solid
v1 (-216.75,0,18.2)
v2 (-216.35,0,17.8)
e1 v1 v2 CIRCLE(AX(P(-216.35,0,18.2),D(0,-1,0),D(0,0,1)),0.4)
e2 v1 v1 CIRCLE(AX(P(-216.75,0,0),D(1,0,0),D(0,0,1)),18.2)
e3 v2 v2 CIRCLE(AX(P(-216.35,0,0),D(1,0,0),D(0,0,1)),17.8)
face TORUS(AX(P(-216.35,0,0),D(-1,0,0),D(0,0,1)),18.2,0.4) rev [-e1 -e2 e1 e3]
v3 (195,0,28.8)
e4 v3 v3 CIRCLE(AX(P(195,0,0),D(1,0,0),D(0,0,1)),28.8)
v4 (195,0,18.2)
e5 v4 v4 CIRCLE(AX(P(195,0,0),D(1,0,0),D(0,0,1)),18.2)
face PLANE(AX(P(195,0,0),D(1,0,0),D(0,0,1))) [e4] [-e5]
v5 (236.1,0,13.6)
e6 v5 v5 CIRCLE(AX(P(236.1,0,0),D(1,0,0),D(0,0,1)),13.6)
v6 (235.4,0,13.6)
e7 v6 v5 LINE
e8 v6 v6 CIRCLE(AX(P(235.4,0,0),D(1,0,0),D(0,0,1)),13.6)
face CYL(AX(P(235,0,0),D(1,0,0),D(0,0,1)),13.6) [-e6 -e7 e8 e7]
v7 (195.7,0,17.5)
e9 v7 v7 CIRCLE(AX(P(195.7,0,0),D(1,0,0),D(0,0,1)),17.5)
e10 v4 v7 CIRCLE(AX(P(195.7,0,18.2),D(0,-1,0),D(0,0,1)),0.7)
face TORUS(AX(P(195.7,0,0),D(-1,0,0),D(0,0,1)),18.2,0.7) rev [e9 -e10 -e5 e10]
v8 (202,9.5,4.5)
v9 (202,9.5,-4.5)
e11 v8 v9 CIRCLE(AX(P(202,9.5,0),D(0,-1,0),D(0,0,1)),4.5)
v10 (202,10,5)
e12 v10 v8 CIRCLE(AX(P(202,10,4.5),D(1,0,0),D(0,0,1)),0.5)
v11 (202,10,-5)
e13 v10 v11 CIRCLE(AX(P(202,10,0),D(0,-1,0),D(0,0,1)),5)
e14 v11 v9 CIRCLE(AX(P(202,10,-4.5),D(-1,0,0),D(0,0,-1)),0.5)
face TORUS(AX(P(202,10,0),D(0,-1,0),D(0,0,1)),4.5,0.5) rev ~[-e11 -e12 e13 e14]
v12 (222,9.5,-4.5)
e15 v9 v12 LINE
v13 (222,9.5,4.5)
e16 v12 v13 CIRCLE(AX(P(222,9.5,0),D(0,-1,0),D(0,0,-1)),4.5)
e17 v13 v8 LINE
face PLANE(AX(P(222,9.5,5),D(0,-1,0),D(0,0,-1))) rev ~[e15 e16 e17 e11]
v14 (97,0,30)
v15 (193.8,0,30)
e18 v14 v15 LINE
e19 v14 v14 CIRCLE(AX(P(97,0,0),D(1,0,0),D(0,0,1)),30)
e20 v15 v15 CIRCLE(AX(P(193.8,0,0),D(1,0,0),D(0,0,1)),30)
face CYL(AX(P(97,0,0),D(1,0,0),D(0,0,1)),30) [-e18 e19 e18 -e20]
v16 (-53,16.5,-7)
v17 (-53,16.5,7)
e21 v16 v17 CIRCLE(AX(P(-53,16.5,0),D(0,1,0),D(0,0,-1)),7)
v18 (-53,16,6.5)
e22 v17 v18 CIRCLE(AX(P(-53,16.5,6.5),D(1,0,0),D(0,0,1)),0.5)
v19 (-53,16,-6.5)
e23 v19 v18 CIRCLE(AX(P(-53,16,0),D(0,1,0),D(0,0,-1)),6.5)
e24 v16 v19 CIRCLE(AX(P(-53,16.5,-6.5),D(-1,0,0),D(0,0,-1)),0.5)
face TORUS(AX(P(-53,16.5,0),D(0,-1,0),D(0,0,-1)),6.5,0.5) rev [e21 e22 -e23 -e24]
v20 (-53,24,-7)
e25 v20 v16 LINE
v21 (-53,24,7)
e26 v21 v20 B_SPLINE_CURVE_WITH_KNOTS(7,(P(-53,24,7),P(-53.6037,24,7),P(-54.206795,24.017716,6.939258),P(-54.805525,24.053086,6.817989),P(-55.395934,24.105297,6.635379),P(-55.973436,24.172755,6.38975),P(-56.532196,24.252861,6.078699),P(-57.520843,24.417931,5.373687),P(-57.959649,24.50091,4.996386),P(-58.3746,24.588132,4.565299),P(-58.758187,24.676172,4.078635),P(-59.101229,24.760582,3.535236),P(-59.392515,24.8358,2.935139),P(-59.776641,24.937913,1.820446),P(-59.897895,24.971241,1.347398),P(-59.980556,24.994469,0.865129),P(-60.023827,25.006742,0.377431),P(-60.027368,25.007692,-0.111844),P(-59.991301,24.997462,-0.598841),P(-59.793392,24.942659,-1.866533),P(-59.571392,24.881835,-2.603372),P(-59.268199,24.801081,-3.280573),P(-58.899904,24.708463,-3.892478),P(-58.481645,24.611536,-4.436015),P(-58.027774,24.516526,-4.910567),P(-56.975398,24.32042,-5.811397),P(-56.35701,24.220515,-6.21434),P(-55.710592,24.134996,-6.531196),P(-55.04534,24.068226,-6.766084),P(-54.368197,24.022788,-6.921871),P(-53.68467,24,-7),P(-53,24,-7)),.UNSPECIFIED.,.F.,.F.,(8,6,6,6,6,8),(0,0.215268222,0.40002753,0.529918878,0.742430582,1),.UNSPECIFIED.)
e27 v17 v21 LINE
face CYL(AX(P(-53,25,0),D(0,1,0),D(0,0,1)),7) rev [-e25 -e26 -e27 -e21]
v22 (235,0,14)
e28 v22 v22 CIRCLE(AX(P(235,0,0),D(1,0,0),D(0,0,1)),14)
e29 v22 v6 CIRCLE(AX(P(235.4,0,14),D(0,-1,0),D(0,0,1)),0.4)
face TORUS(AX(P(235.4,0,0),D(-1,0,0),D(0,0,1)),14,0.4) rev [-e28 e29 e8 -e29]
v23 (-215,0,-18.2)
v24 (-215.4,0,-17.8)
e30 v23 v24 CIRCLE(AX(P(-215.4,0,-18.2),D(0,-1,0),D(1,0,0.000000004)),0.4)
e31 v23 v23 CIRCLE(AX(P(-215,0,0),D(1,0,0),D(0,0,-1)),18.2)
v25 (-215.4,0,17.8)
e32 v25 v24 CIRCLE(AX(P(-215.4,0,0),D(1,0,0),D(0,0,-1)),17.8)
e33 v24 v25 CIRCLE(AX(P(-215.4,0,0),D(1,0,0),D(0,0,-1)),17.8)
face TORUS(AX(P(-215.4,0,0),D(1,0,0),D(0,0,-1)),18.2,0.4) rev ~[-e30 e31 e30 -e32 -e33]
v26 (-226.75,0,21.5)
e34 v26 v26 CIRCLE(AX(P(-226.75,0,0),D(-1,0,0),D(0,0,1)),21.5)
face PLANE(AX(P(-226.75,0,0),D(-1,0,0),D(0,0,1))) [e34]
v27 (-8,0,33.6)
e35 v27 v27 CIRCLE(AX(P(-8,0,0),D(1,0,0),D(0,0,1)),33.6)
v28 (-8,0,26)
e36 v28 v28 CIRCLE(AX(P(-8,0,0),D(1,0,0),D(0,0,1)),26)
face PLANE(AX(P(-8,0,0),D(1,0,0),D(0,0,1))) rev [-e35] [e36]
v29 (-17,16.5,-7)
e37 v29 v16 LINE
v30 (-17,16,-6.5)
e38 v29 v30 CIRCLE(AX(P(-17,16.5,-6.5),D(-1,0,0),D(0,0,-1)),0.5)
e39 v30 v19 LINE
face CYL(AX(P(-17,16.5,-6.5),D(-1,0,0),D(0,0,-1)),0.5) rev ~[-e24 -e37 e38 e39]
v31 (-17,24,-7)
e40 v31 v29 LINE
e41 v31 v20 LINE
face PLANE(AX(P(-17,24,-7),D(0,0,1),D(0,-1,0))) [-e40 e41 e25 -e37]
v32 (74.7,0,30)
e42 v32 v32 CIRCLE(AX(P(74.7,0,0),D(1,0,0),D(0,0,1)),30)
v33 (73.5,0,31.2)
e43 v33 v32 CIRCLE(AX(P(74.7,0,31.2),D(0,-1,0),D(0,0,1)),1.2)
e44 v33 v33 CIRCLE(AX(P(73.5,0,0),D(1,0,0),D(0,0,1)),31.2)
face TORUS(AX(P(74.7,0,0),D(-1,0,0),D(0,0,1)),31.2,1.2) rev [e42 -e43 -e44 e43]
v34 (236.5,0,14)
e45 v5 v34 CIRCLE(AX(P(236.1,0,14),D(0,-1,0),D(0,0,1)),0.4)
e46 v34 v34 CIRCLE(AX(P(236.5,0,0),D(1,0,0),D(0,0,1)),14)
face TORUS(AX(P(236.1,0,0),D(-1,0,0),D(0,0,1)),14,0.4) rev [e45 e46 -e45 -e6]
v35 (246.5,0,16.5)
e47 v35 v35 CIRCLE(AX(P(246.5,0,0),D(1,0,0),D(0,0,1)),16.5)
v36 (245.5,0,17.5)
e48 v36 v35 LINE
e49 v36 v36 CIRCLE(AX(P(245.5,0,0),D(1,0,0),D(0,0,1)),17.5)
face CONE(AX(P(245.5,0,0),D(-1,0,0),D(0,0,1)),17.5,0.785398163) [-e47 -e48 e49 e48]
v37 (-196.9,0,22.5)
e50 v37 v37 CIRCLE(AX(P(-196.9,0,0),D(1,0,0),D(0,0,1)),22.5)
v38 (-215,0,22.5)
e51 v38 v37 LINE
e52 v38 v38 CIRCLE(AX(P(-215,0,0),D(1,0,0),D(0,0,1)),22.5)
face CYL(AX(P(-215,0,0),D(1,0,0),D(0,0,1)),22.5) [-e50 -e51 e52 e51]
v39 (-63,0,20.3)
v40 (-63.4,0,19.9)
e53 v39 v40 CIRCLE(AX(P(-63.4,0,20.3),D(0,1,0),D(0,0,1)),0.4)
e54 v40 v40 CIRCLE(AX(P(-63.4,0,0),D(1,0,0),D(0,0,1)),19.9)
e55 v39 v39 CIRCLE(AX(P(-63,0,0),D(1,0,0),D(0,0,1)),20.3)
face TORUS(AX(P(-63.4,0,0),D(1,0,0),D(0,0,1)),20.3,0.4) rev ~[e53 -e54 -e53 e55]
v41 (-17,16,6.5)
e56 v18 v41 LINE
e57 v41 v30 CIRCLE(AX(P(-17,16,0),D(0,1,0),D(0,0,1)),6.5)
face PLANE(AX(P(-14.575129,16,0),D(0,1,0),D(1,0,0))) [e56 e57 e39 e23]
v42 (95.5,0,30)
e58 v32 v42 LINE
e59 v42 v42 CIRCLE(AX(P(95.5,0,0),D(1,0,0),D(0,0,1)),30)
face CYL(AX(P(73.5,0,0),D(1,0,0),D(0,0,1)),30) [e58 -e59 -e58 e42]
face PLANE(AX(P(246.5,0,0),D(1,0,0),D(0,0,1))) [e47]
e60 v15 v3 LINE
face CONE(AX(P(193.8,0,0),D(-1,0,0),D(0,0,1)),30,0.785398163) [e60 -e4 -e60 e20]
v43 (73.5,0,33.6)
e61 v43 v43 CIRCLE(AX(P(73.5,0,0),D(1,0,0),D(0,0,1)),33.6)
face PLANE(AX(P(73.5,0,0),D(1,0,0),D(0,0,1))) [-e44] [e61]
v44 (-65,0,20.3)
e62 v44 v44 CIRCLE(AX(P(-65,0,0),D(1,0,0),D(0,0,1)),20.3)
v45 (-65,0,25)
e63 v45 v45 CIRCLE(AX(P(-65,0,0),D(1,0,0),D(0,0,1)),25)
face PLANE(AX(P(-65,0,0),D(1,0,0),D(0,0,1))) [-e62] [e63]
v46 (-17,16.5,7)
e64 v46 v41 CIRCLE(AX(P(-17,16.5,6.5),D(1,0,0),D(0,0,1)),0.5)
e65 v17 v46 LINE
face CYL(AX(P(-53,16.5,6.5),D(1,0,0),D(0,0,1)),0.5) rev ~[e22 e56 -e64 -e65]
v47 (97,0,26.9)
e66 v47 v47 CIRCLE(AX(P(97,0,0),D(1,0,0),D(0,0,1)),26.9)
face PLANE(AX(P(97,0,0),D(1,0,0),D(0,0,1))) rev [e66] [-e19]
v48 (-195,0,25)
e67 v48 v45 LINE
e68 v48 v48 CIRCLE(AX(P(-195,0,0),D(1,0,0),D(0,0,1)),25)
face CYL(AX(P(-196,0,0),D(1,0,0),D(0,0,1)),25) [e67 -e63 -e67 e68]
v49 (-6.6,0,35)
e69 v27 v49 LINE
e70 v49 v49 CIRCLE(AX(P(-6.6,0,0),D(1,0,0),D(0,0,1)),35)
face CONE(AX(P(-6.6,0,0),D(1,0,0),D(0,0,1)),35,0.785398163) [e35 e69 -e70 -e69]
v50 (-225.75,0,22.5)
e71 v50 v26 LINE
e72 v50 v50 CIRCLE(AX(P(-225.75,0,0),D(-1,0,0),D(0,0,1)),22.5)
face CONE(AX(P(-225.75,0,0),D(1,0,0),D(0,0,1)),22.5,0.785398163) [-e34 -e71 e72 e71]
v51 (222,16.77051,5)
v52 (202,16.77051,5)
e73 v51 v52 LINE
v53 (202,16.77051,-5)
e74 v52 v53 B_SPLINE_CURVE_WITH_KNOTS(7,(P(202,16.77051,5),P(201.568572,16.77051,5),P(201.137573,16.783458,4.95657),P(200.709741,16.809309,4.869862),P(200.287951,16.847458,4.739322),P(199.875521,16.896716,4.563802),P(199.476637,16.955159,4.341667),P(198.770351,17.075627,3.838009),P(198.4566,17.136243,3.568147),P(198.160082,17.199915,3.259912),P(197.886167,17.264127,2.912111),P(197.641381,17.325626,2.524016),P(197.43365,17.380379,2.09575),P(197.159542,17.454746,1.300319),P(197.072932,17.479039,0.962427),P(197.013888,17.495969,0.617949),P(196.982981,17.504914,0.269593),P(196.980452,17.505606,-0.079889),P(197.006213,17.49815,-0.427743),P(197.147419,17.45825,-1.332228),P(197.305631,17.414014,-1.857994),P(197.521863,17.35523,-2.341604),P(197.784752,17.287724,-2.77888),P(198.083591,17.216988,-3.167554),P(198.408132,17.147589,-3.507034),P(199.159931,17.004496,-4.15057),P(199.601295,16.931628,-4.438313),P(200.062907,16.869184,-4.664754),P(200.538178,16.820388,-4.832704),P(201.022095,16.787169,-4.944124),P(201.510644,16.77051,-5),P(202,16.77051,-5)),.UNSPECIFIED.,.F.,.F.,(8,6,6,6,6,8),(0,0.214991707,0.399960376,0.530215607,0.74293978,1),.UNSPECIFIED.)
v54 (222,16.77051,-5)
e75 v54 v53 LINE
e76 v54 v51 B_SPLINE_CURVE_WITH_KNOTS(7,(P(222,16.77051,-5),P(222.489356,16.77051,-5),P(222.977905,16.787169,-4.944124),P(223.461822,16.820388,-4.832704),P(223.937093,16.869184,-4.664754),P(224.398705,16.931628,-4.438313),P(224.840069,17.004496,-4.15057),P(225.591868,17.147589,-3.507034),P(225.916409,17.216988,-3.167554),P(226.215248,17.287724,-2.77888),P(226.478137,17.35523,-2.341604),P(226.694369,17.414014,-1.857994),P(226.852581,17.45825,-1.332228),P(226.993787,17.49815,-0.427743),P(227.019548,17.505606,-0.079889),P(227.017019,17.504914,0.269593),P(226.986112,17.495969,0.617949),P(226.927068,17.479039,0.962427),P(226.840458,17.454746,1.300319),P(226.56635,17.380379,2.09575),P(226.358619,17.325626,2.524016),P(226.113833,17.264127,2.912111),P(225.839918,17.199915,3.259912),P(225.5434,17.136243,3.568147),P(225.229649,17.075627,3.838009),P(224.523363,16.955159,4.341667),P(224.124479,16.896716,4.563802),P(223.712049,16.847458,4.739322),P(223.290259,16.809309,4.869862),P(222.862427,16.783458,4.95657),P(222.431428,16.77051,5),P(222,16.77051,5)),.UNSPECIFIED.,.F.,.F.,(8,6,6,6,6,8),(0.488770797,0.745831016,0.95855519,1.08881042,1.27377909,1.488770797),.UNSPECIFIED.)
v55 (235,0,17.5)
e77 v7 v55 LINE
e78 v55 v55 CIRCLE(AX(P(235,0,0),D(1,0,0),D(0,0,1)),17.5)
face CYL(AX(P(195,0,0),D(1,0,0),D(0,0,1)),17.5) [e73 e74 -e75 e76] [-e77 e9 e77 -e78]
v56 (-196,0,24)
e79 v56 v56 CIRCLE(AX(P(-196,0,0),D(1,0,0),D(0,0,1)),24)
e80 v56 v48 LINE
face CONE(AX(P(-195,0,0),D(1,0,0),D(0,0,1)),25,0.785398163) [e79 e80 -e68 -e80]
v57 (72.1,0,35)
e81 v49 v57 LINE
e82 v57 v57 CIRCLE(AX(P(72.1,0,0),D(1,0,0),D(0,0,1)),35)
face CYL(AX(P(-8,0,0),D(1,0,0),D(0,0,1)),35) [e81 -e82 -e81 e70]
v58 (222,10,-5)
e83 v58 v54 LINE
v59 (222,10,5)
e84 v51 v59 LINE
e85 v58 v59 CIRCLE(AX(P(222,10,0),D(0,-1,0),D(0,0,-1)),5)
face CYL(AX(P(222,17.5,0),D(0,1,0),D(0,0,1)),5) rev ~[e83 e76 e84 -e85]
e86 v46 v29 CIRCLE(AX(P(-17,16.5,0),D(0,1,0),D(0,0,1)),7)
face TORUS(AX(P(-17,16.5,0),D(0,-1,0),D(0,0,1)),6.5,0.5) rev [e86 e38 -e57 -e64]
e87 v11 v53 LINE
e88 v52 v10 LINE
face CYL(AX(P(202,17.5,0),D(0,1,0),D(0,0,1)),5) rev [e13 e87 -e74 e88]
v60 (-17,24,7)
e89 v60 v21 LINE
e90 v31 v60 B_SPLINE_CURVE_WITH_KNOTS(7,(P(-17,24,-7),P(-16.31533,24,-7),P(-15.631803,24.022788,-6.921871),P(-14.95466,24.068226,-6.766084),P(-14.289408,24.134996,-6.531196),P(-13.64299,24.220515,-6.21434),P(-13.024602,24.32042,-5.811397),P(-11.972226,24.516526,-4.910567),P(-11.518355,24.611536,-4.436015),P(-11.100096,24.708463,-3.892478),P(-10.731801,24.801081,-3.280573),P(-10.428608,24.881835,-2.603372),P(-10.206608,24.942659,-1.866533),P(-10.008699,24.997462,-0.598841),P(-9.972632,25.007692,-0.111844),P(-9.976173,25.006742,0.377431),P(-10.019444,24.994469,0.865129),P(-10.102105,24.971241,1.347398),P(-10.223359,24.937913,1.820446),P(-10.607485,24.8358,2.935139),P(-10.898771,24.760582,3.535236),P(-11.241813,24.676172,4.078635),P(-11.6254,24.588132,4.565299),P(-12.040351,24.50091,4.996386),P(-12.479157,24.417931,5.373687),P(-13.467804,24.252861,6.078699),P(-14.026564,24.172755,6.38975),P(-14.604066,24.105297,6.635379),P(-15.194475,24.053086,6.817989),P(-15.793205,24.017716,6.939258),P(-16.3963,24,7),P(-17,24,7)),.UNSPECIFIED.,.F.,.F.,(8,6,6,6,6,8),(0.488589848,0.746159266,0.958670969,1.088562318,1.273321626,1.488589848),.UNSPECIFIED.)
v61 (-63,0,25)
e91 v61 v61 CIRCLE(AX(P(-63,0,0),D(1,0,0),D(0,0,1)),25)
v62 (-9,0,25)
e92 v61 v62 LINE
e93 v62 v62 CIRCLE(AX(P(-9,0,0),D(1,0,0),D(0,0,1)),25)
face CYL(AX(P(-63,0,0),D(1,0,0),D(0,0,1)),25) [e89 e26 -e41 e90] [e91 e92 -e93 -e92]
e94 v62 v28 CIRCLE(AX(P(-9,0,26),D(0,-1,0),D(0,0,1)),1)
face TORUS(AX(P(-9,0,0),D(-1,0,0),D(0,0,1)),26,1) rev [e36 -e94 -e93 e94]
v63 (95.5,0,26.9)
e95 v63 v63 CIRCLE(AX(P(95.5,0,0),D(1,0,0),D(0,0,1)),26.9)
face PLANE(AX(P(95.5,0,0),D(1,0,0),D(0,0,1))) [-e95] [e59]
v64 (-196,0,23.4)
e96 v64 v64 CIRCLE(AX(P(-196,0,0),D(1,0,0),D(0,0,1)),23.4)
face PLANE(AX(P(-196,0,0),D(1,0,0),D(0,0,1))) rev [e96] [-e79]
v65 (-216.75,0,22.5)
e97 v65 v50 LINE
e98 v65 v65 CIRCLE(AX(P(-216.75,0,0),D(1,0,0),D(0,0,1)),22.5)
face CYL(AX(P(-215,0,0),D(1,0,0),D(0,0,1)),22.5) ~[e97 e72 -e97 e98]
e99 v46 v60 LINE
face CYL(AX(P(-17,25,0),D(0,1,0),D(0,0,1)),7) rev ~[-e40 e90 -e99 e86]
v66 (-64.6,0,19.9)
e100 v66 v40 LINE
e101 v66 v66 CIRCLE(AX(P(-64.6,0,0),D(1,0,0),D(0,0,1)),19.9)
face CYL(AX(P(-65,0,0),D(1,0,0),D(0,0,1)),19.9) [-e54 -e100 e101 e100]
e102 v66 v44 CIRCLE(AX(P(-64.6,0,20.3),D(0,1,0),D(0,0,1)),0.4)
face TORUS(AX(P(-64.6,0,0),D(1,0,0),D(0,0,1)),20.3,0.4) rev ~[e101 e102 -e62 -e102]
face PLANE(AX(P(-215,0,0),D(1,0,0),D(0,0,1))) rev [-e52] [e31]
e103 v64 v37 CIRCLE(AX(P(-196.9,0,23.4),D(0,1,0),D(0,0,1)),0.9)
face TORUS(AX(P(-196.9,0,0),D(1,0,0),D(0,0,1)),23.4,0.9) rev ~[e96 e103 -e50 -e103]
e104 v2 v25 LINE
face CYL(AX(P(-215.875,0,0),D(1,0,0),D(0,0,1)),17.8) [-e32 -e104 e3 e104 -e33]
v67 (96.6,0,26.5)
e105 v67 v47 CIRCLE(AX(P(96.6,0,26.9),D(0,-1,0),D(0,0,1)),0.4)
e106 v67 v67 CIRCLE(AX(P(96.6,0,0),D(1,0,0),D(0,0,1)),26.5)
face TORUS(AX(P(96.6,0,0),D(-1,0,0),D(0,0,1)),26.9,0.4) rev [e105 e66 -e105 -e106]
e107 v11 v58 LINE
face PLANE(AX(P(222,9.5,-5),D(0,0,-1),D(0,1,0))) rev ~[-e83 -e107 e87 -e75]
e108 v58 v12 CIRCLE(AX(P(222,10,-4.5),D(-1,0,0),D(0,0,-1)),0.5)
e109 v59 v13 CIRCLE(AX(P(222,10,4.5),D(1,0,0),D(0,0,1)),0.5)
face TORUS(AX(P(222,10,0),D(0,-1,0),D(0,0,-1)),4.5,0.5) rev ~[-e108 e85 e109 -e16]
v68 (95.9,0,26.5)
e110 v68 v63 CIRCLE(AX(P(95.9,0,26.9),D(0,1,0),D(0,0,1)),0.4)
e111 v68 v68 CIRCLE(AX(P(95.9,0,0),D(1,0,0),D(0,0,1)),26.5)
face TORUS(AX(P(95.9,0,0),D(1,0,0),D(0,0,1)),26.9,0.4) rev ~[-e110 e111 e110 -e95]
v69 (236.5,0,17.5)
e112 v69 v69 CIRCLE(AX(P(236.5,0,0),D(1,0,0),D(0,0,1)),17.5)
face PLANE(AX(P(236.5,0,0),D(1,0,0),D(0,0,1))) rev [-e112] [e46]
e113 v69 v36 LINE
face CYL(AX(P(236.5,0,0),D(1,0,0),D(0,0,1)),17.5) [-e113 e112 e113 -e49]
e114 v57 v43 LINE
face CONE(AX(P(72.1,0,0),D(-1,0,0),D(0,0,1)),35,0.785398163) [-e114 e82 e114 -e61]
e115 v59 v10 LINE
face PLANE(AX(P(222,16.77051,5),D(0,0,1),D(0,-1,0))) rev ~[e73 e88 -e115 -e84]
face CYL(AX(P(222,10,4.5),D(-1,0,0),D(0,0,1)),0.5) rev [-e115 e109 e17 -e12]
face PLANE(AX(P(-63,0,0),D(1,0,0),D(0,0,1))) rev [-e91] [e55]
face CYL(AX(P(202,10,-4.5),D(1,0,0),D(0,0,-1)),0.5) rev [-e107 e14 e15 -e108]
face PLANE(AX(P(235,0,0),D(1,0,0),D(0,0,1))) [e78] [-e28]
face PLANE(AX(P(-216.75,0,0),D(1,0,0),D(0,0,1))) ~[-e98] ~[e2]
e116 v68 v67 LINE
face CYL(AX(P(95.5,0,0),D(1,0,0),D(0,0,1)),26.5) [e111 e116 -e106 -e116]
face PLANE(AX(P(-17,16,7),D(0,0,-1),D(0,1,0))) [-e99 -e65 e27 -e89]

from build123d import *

# Parameters (mm, degrees)
SKETCH2_R           = 22.5
BOSS_EXTRUDE1_DEPTH = 11.75
SKETCH3_W           = 1.75
SKETCH3_H           = 4.7
CUT_EXTRUDE1_START  = 20
CUT_EXTRUDE1_DEPTH  = 20
CUT_EXTRUDE2_DEPTH  = 36
FILLET5_R           = 1
CHAMFER1_SIZE       = 1.4
CHAMFER2_SIZE       = 1.4
FILLET6_R           = 1.2
FILLET7_R           = 0.9
CHAMFER3_SIZE       = 1
CHAMFER4_SIZE       = 1.2
FILLET8_R           = 0.7
CUT_EXTRUDE3_DEPTH  = 9
CUT_EXTRUDE4_DEPTH  = 8
FILLET9_R           = 0.4
FILLET10_R          = 0.4
FILLET11_R          = 0.4
FILLET12_R          = 0.4
FILLET13_R          = 0.4
FILLET14_R          = 0.5
CHAMFER5_SIZE       = 1
CHAMFER6_SIZE       = 1


with BuildPart() as part:
    # Sketch1 → Revolve1 (revolve)
    with BuildSketch(Plane.XY, mode=Mode.PRIVATE) as revolve1_sk:
        Polygon((-215, 0), (-215, 22.5), (-196, 22.5), (-196, 25), (-65, 25), (-65, 19.9), (-63, 19.9), (-63, 25), (-8, 25), (-8, 35), (73.5, 35), (73.5, 30), (95.5, 30), (95.5, 26.5), (97, 26.5), (97, 30), (195, 30), (195, 17.5), (235, 17.5), (235, 13.6), (236.5, 13.6), (236.5, 17.5), (246.5, 17.5), (246.5, 0), (215, 0), align=None)
    revolve(revolve1_sk.sketch.rotate(Axis((-215, 0, 0), (1, 0, 0)), 90), axis=Axis((-215, 0, 0), (1, 0, 0)))

    # Sketch4 → Cut-Extrude1 (cut)
    with BuildSketch(Plane(origin=(202, 0, 0), x_dir=(0, 0, -1), z_dir=(1, 0, 0)).offset(CUT_EXTRUDE1_START)):
        with BuildLine():
            Line((-5, 9.5), (5, 9.5))
            Line((5, 9.5), (5, 16.770509831))
            ThreePointArc((5, 16.770509831), (0, 17.5), (-5, 16.770509831))
            Line((-5, 16.770509831), (-5, 9.5))
        make_face()
    extrude(amount=-CUT_EXTRUDE1_DEPTH, mode=Mode.SUBTRACT)

    # Sketch5 → Cut-Extrude2 (cut)
    with BuildSketch(Plane.ZY.offset(17)):
        with BuildLine():
            Line((-7, 16), (7, 16))
            Line((7, 16), (7, 24))
            ThreePointArc((7, 24), (0, 25), (-7, 24))
            Line((-7, 24), (-7, 16))
        make_face()
    extrude(amount=CUT_EXTRUDE2_DEPTH, mode=Mode.SUBTRACT)

    # Fillet5
    fillet5_edges = [part.edges().sort_by_distance(p)[0] for p in [
        (-8, 0, -25),
    ]]
    fillet(fillet5_edges, radius=FILLET5_R)

    # Chamfer1
    chamfer1_edges = [part.edges().sort_by_distance(p)[0] for p in [
        (-8, 0, -35),
    ]]
    chamfer(chamfer1_edges, length=CHAMFER1_SIZE)

    # Chamfer2
    chamfer2_edges = [part.edges().sort_by_distance(p)[0] for p in [
        (73.5, 0, -35),
    ]]
    chamfer(chamfer2_edges, length=CHAMFER2_SIZE)

    # Fillet6
    fillet6_edges = [part.edges().sort_by_distance(p)[0] for p in [
        (73.5, 0, -30),
    ]]
    fillet(fillet6_edges, radius=FILLET6_R)

    # Fillet7
    fillet7_edges = [part.edges().sort_by_distance(p)[0] for p in [
        (-196, 0, -22.5),
    ]]
    fillet(fillet7_edges, radius=FILLET7_R)

    # Chamfer3
    chamfer3_edges = [part.edges().sort_by_distance(p)[0] for p in [
        (-196, 0, -25),
    ]]
    chamfer(chamfer3_edges, length=CHAMFER3_SIZE)

    # Chamfer4
    chamfer4_edges = [part.edges().sort_by_distance(p)[0] for p in [
        (195, 0, -30),
    ]]
    chamfer(chamfer4_edges, length=CHAMFER4_SIZE)

    # Fillet8
    fillet8_edges = [part.edges().sort_by_distance(p)[0] for p in [
        (195, 0, -17.5),
    ]]
    fillet(fillet8_edges, radius=FILLET8_R)

    # Sketch6 → Cut-Extrude3 (cut)
    with BuildSketch(Plane(origin=(0, 25, 0), x_dir=(1, 0, 0), z_dir=(0, 1, 0))):
        with BuildLine():
            Line((-53, 7), (-53, -7))
            ThreePointArc((-53, -7), (-60, 0), (-53, 7))
        make_face()
        with BuildLine():
            Line((-17, 7), (-17, -7))
            ThreePointArc((-17, -7), (-10, 0), (-17, 7))
        make_face()
    extrude(amount=-CUT_EXTRUDE3_DEPTH, mode=Mode.SUBTRACT)

    # Sketch7 → Cut-Extrude4 (cut)
    with BuildSketch(Plane(origin=(0, 17.5, 0), x_dir=(1, 0, 0), z_dir=(0, 1, 0))):
        with BuildLine():
            Line((202, 5), (202, -5))
            ThreePointArc((202, -5), (197, 0), (202, 5))
        make_face()
        with BuildLine():
            Line((222, 5), (222, -5))
            ThreePointArc((222, -5), (227, 0), (222, 5))
        make_face()
    extrude(amount=-CUT_EXTRUDE4_DEPTH, mode=Mode.SUBTRACT)

    # Fillet9
    fillet9_edges = [part.edges().sort_by_distance(p)[0] for p in [
        (-63, 0, -19.9),
        (-65, 0, -19.9),
    ]]
    fillet(fillet9_edges, radius=FILLET9_R)

    # Fillet11
    fillet11_edges = [part.edges().sort_by_distance(p)[0] for p in [
        (97, 0, -26.5),
    ]]
    fillet(fillet11_edges, radius=FILLET11_R)

    # Fillet12
    fillet12_edges = [part.edges().sort_by_distance(p)[0] for p in [
        (95.5, 0, -26.5),
    ]]
    fillet(fillet12_edges, radius=FILLET12_R)

    # Fillet13
    fillet13_edges = [part.edges().sort_by_distance(p)[0] for p in [
        (236.5, 0, -13.6),
        (235, 0, -13.6),
    ]]
    fillet(fillet13_edges, radius=FILLET13_R)



with BuildPart() as body_2:
    # Sketch2 → Boss-Extrude1 (new body)
    with BuildSketch(Plane.ZY.offset(215)):
        Circle(SKETCH2_R)
    extrude(amount=BOSS_EXTRUDE1_DEPTH)

    # Sketch3 → Cut-Revolve1 (revolve, cut)
    with BuildSketch(Plane.XY, mode=Mode.PRIVATE) as cut_revolve1_sk:
        with Locations((-215.875, 20.15)):
            Rectangle(SKETCH3_W, SKETCH3_H)
    revolve(cut_revolve1_sk.sketch.rotate(Axis((-226.75, 0, 0), (1, 0, 0)), 90), axis=Axis((-226.75, 0, 0), (1, 0, 0)), mode=Mode.SUBTRACT)

    # Fillet10
    fillet10_edges = [body_2.edges().sort_by_distance(p)[0] for p in [
        (-216.75, 0, -17.8),
    ]]
    fillet(fillet10_edges, radius=FILLET10_R)


with BuildPart() as part_1:
    add(part.part)

    add(body_2.part)  # Revolve2 merges body 2
    # Sketch8 → Revolve2 (revolve)
    with BuildSketch(Plane.XY, mode=Mode.PRIVATE) as revolve2_sk:
        with BuildLine():
            Line((-215.4, 17.8), (-215, 17.8))
            Line((-215, 17.8), (-215, 18.2))
            ThreePointArc((-215, 18.2), (-215.117157288, 17.917157288), (-215.4, 17.8))
        make_face()
    revolve(revolve2_sk.sketch.rotate(Axis((-226.75, 0, 0), (1, 0, 0)), 270), axis=Axis((-226.75, 0, 0), (1, 0, 0)))

    # Fillet14
    fillet14_edges = [part_1.edges().sort_by_distance(p)[0] for p in [
        (212, 9.5, 5),
        (212, 9.5, -5),
        (-35, 16, -7),
        (-35, 16, 7),
        (-10, 16, 0),
        (-60, 16, 0),
        (197, 9.5, 0),
        (227, 9.5, 0),
    ]]
    fillet(fillet14_edges, radius=FILLET14_R)

    # Chamfer5
    chamfer5_edges = [part_1.edges().sort_by_distance(p)[0] for p in [
        (246.5, 0, -17.5),
    ]]
    chamfer(chamfer5_edges, length=CHAMFER5_SIZE)

    # Chamfer6
    chamfer6_edges = [part_1.edges().sort_by_distance(p)[0] for p in [
        (-226.75, 0, -22.5),
    ]]
    chamfer(chamfer6_edges, length=CHAMFER6_SIZE)


solid = part_1.part
